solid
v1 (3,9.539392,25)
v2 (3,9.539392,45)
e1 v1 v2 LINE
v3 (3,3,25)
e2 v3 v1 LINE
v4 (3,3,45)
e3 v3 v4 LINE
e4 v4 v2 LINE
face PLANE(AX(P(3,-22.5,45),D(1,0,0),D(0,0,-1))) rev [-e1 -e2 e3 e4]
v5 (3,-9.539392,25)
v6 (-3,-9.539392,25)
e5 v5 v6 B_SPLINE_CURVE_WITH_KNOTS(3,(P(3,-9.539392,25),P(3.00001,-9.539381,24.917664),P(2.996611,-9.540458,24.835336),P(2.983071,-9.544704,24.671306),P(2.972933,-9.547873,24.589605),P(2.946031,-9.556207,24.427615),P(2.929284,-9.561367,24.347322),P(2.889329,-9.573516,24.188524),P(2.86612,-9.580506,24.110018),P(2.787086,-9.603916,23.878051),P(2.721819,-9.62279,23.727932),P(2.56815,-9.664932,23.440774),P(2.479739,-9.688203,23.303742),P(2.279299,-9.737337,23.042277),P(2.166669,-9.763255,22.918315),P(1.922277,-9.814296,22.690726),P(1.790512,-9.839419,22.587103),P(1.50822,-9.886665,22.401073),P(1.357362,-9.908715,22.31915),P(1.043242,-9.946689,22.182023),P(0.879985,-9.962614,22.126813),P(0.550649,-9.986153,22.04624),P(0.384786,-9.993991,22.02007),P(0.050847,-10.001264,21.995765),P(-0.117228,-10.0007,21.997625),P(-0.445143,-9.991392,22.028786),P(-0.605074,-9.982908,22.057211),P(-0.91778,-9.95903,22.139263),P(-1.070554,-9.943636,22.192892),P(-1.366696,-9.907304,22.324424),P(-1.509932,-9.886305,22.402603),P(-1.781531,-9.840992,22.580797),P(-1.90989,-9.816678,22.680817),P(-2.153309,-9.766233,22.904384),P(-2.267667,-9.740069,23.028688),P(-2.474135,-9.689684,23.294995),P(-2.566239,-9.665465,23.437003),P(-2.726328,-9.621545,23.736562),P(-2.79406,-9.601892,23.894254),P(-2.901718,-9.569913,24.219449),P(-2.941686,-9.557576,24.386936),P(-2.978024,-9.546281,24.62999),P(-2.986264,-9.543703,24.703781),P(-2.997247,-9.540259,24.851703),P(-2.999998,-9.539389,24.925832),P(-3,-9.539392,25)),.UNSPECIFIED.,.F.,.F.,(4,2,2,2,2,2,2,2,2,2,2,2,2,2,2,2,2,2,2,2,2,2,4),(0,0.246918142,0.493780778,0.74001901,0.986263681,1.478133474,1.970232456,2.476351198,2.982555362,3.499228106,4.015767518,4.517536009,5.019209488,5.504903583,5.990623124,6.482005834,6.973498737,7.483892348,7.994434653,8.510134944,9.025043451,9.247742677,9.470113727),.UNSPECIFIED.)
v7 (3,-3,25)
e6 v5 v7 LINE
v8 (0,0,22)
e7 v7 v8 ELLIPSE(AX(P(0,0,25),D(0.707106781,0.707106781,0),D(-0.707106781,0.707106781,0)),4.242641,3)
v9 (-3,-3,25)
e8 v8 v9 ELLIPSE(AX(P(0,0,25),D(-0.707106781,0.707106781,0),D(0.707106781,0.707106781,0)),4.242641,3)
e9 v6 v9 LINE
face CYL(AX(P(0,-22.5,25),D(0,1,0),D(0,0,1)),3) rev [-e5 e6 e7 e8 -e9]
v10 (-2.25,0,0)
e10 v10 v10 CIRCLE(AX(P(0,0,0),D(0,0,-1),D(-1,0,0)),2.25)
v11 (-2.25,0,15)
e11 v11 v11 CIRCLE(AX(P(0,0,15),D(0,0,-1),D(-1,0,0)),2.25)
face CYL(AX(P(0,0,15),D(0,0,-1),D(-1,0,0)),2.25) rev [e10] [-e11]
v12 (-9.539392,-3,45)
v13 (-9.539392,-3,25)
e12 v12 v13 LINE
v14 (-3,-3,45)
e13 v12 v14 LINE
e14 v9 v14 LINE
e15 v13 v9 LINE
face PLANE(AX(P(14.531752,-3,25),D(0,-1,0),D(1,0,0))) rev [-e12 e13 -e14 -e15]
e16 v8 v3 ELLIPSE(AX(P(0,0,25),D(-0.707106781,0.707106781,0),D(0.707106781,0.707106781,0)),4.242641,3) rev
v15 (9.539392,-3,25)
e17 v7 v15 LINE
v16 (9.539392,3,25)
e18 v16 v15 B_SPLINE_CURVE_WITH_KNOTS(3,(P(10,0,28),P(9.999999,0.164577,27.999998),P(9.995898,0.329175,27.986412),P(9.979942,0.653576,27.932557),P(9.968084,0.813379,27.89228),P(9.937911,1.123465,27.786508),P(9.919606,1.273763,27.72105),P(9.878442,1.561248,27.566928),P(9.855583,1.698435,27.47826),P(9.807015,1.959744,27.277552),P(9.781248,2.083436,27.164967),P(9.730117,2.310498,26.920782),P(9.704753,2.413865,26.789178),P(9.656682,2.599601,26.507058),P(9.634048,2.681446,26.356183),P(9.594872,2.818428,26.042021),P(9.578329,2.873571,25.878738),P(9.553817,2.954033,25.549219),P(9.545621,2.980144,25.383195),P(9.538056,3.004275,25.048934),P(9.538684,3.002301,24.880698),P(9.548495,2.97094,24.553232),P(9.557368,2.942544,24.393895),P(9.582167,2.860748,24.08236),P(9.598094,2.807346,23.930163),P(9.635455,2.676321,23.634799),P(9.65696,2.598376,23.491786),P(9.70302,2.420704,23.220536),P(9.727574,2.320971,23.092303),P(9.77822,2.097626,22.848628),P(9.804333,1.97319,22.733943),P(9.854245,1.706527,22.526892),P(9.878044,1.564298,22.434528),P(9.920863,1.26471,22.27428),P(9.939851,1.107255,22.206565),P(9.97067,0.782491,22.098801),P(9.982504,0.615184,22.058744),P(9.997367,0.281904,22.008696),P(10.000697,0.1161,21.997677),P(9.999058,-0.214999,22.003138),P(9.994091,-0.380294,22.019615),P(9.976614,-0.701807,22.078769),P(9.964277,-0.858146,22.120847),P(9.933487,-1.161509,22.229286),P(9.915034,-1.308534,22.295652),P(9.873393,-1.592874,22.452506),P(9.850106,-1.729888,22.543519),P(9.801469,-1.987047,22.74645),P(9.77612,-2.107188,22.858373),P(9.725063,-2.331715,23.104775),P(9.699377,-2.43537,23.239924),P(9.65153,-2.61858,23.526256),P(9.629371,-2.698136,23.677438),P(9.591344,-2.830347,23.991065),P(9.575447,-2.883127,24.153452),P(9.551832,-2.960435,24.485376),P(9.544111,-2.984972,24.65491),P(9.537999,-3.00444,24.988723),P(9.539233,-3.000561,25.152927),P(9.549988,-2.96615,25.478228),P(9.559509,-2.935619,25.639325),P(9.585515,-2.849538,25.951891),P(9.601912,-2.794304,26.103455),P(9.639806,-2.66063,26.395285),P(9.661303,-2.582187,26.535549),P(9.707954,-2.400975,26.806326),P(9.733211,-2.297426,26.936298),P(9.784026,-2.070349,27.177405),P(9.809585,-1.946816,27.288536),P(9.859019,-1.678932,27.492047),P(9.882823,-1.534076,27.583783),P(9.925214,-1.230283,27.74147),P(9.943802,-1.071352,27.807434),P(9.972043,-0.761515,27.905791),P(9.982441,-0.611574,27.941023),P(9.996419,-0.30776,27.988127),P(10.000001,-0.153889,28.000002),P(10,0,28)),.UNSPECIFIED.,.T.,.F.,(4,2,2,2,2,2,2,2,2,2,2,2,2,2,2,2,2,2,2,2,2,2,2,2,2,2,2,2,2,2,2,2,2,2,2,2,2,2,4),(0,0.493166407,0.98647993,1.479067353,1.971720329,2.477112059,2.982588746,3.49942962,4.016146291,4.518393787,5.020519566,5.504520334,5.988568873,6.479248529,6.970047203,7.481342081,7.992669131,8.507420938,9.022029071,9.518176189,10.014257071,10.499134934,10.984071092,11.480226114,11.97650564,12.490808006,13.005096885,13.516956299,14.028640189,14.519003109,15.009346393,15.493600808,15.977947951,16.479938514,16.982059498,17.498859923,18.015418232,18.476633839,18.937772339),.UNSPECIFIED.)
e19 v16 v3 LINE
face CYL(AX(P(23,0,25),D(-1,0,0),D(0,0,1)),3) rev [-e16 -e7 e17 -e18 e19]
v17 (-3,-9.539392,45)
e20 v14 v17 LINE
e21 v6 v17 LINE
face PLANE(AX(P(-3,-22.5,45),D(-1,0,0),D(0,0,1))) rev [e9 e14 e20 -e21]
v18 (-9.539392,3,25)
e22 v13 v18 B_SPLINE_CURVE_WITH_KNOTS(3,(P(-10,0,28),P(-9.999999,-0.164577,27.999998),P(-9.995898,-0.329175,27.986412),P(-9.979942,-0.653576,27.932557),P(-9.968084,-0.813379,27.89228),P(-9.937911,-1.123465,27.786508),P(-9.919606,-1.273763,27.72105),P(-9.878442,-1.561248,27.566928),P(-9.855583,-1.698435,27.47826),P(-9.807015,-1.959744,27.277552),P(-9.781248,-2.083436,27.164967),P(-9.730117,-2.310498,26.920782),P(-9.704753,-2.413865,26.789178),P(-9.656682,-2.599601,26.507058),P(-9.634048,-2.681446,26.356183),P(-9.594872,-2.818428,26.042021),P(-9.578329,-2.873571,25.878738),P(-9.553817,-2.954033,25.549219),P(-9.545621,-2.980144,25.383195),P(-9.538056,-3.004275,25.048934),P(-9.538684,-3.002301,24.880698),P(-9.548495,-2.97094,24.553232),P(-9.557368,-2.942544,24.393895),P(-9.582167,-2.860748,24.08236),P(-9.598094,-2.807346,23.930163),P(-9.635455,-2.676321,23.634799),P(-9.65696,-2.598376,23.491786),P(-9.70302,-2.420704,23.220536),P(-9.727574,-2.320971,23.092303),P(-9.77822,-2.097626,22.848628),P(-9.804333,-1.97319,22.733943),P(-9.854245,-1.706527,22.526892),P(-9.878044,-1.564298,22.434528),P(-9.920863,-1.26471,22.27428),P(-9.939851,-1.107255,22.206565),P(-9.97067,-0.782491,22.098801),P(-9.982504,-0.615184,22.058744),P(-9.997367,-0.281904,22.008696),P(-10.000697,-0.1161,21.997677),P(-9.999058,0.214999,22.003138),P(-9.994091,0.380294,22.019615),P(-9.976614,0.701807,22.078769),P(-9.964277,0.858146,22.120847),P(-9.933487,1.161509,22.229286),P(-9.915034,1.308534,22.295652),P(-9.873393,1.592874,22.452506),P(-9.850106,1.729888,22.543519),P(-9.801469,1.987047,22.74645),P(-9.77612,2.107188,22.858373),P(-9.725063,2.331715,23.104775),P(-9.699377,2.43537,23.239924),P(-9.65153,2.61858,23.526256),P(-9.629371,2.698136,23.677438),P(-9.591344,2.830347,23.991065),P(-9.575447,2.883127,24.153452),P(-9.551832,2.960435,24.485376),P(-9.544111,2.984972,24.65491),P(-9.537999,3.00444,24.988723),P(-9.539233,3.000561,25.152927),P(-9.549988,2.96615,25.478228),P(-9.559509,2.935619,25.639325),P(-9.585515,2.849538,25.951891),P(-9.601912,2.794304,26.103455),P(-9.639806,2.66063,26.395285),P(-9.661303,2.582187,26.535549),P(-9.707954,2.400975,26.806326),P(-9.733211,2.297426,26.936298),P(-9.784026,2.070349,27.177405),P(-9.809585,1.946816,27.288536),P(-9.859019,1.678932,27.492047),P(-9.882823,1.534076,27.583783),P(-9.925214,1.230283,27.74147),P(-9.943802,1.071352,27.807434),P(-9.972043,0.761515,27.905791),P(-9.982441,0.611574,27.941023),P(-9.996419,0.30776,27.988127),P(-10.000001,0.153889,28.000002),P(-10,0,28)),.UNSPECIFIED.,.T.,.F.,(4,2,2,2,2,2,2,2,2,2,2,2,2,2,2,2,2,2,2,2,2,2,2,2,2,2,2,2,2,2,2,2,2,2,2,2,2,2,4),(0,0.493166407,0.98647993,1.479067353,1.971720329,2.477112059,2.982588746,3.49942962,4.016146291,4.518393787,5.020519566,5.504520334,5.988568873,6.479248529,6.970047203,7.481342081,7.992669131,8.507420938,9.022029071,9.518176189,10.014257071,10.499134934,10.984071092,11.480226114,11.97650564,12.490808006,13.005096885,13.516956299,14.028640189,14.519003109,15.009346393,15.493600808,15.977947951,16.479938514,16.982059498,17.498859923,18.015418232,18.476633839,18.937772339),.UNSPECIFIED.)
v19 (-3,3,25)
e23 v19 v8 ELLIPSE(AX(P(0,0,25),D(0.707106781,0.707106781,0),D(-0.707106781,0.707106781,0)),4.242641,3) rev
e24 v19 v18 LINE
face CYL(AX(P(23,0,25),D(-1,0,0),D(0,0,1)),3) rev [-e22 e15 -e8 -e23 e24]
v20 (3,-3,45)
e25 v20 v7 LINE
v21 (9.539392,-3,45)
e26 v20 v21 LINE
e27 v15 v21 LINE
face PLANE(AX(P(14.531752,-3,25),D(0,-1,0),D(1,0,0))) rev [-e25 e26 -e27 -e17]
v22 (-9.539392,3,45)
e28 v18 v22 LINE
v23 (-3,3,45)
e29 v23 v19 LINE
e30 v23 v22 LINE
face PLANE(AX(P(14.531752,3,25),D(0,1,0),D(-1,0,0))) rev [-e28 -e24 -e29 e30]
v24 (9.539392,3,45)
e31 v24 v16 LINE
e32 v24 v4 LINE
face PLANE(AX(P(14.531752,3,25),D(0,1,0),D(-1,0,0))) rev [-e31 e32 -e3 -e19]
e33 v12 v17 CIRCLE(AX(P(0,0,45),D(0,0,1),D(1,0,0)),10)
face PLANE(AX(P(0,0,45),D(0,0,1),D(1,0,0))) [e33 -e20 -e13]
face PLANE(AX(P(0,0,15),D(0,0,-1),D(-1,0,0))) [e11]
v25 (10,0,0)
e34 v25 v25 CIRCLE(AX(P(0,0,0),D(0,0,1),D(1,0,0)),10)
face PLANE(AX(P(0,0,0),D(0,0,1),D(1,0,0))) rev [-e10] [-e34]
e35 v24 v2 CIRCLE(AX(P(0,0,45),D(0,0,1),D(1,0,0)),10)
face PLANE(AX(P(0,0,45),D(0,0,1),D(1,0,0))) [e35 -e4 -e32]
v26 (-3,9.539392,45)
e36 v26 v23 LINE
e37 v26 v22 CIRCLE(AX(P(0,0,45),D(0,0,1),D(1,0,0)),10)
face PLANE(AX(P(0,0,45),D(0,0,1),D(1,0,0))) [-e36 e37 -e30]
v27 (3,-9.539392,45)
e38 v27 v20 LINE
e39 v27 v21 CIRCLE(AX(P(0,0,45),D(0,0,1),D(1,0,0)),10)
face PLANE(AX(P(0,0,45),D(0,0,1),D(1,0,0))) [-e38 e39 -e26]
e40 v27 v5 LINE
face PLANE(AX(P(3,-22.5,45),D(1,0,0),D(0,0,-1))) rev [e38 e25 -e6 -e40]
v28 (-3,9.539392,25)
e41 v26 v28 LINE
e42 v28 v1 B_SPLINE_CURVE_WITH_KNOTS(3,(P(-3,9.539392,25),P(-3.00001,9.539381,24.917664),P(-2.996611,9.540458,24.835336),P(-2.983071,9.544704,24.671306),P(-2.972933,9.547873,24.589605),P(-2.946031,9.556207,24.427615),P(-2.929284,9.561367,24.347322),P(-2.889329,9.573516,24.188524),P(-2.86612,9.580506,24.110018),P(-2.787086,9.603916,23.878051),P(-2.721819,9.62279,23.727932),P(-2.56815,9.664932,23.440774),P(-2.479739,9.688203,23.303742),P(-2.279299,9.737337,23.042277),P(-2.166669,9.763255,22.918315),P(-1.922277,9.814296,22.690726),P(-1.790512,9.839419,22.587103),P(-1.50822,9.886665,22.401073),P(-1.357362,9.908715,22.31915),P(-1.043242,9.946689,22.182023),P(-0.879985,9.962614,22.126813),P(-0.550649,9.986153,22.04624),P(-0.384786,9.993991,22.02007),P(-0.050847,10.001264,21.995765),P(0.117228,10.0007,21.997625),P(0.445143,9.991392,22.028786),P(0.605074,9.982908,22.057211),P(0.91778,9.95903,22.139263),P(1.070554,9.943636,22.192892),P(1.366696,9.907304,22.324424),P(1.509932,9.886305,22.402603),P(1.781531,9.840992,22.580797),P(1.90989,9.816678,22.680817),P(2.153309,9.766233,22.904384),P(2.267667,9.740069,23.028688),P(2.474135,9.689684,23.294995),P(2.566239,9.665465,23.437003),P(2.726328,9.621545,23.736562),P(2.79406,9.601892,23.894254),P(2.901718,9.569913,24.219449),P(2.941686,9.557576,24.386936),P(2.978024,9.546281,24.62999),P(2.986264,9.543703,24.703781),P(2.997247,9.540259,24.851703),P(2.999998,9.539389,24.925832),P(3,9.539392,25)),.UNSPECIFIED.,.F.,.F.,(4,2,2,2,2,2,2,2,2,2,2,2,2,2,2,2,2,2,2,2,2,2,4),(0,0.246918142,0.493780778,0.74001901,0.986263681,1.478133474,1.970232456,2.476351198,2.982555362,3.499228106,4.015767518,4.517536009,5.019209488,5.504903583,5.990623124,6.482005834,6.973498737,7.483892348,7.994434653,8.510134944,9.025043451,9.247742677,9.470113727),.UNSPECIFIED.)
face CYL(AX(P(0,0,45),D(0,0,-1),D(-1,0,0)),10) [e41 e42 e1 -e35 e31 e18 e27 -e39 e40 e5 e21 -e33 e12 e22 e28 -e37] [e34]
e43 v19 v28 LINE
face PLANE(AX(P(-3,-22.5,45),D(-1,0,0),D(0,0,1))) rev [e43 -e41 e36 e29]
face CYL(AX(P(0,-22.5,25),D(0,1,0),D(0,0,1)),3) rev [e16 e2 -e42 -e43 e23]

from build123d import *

# Parameters (mm, degrees)
SKETCH_1_R          = 10
EXTRUDE_1_DEPTH     = 45
CUT_EXTRUDE_1_DEPTH = 22.5
SKETCH_4_W          = 29.063503474
SKETCH_4_H          = 6
CUT_EXTRUDE_2_DEPTH = 20
SKETCH_5_R          = 2.25
CUT_EXTRUDE_3_DEPTH = 15
SKETCH_6_R          = 3
CUT_EXTRUDE_4_DEPTH = 23


with BuildPart() as part:
    # 草图1 → 凸台-拉伸1 (new body)
    with BuildSketch(Plane.XY):
        with Locations(Location((0, 0, 0), (0, 0, 180))):
            Circle(SKETCH_1_R)
    extrude(amount=EXTRUDE_1_DEPTH)

    # 草图2 → 切除-拉伸1 (cut, symmetric)
    with BuildSketch(Plane(origin=(0, 0, 0), x_dir=(1, 0, 0), z_dir=(0, 1, 0))):
        with BuildLine():
            Line((3, -45), (3, -25))
            ThreePointArc((3, -25), (0, -22), (-3, -25))
            Line((-3, -25), (-3, -45))
            Line((-3, -45), (3, -45))
        make_face()
    extrude(amount=CUT_EXTRUDE_1_DEPTH, both=True, mode=Mode.SUBTRACT)

    # 草图4 → 切除-拉伸2 (cut)
    with BuildSketch(Plane.XY.offset(45)):
        Rectangle(SKETCH_4_W, SKETCH_4_H)
    extrude(amount=-CUT_EXTRUDE_2_DEPTH, mode=Mode.SUBTRACT)

    # 草图5 → 切除-拉伸3 (cut)
    with BuildSketch(Plane(origin=(0, 0, 0), x_dir=(-1, 0, 0), z_dir=(0, 0, -1))):
        Circle(SKETCH_5_R)
    extrude(amount=-CUT_EXTRUDE_3_DEPTH, mode=Mode.SUBTRACT)

    # 草图6 → 切除-拉伸4 (cut, symmetric)
    with BuildSketch(Plane.ZY):
        with Locations((25, 0)):
            Circle(SKETCH_6_R)
    extrude(amount=CUT_EXTRUDE_4_DEPTH, both=True, mode=Mode.SUBTRACT)


solid = part.part
